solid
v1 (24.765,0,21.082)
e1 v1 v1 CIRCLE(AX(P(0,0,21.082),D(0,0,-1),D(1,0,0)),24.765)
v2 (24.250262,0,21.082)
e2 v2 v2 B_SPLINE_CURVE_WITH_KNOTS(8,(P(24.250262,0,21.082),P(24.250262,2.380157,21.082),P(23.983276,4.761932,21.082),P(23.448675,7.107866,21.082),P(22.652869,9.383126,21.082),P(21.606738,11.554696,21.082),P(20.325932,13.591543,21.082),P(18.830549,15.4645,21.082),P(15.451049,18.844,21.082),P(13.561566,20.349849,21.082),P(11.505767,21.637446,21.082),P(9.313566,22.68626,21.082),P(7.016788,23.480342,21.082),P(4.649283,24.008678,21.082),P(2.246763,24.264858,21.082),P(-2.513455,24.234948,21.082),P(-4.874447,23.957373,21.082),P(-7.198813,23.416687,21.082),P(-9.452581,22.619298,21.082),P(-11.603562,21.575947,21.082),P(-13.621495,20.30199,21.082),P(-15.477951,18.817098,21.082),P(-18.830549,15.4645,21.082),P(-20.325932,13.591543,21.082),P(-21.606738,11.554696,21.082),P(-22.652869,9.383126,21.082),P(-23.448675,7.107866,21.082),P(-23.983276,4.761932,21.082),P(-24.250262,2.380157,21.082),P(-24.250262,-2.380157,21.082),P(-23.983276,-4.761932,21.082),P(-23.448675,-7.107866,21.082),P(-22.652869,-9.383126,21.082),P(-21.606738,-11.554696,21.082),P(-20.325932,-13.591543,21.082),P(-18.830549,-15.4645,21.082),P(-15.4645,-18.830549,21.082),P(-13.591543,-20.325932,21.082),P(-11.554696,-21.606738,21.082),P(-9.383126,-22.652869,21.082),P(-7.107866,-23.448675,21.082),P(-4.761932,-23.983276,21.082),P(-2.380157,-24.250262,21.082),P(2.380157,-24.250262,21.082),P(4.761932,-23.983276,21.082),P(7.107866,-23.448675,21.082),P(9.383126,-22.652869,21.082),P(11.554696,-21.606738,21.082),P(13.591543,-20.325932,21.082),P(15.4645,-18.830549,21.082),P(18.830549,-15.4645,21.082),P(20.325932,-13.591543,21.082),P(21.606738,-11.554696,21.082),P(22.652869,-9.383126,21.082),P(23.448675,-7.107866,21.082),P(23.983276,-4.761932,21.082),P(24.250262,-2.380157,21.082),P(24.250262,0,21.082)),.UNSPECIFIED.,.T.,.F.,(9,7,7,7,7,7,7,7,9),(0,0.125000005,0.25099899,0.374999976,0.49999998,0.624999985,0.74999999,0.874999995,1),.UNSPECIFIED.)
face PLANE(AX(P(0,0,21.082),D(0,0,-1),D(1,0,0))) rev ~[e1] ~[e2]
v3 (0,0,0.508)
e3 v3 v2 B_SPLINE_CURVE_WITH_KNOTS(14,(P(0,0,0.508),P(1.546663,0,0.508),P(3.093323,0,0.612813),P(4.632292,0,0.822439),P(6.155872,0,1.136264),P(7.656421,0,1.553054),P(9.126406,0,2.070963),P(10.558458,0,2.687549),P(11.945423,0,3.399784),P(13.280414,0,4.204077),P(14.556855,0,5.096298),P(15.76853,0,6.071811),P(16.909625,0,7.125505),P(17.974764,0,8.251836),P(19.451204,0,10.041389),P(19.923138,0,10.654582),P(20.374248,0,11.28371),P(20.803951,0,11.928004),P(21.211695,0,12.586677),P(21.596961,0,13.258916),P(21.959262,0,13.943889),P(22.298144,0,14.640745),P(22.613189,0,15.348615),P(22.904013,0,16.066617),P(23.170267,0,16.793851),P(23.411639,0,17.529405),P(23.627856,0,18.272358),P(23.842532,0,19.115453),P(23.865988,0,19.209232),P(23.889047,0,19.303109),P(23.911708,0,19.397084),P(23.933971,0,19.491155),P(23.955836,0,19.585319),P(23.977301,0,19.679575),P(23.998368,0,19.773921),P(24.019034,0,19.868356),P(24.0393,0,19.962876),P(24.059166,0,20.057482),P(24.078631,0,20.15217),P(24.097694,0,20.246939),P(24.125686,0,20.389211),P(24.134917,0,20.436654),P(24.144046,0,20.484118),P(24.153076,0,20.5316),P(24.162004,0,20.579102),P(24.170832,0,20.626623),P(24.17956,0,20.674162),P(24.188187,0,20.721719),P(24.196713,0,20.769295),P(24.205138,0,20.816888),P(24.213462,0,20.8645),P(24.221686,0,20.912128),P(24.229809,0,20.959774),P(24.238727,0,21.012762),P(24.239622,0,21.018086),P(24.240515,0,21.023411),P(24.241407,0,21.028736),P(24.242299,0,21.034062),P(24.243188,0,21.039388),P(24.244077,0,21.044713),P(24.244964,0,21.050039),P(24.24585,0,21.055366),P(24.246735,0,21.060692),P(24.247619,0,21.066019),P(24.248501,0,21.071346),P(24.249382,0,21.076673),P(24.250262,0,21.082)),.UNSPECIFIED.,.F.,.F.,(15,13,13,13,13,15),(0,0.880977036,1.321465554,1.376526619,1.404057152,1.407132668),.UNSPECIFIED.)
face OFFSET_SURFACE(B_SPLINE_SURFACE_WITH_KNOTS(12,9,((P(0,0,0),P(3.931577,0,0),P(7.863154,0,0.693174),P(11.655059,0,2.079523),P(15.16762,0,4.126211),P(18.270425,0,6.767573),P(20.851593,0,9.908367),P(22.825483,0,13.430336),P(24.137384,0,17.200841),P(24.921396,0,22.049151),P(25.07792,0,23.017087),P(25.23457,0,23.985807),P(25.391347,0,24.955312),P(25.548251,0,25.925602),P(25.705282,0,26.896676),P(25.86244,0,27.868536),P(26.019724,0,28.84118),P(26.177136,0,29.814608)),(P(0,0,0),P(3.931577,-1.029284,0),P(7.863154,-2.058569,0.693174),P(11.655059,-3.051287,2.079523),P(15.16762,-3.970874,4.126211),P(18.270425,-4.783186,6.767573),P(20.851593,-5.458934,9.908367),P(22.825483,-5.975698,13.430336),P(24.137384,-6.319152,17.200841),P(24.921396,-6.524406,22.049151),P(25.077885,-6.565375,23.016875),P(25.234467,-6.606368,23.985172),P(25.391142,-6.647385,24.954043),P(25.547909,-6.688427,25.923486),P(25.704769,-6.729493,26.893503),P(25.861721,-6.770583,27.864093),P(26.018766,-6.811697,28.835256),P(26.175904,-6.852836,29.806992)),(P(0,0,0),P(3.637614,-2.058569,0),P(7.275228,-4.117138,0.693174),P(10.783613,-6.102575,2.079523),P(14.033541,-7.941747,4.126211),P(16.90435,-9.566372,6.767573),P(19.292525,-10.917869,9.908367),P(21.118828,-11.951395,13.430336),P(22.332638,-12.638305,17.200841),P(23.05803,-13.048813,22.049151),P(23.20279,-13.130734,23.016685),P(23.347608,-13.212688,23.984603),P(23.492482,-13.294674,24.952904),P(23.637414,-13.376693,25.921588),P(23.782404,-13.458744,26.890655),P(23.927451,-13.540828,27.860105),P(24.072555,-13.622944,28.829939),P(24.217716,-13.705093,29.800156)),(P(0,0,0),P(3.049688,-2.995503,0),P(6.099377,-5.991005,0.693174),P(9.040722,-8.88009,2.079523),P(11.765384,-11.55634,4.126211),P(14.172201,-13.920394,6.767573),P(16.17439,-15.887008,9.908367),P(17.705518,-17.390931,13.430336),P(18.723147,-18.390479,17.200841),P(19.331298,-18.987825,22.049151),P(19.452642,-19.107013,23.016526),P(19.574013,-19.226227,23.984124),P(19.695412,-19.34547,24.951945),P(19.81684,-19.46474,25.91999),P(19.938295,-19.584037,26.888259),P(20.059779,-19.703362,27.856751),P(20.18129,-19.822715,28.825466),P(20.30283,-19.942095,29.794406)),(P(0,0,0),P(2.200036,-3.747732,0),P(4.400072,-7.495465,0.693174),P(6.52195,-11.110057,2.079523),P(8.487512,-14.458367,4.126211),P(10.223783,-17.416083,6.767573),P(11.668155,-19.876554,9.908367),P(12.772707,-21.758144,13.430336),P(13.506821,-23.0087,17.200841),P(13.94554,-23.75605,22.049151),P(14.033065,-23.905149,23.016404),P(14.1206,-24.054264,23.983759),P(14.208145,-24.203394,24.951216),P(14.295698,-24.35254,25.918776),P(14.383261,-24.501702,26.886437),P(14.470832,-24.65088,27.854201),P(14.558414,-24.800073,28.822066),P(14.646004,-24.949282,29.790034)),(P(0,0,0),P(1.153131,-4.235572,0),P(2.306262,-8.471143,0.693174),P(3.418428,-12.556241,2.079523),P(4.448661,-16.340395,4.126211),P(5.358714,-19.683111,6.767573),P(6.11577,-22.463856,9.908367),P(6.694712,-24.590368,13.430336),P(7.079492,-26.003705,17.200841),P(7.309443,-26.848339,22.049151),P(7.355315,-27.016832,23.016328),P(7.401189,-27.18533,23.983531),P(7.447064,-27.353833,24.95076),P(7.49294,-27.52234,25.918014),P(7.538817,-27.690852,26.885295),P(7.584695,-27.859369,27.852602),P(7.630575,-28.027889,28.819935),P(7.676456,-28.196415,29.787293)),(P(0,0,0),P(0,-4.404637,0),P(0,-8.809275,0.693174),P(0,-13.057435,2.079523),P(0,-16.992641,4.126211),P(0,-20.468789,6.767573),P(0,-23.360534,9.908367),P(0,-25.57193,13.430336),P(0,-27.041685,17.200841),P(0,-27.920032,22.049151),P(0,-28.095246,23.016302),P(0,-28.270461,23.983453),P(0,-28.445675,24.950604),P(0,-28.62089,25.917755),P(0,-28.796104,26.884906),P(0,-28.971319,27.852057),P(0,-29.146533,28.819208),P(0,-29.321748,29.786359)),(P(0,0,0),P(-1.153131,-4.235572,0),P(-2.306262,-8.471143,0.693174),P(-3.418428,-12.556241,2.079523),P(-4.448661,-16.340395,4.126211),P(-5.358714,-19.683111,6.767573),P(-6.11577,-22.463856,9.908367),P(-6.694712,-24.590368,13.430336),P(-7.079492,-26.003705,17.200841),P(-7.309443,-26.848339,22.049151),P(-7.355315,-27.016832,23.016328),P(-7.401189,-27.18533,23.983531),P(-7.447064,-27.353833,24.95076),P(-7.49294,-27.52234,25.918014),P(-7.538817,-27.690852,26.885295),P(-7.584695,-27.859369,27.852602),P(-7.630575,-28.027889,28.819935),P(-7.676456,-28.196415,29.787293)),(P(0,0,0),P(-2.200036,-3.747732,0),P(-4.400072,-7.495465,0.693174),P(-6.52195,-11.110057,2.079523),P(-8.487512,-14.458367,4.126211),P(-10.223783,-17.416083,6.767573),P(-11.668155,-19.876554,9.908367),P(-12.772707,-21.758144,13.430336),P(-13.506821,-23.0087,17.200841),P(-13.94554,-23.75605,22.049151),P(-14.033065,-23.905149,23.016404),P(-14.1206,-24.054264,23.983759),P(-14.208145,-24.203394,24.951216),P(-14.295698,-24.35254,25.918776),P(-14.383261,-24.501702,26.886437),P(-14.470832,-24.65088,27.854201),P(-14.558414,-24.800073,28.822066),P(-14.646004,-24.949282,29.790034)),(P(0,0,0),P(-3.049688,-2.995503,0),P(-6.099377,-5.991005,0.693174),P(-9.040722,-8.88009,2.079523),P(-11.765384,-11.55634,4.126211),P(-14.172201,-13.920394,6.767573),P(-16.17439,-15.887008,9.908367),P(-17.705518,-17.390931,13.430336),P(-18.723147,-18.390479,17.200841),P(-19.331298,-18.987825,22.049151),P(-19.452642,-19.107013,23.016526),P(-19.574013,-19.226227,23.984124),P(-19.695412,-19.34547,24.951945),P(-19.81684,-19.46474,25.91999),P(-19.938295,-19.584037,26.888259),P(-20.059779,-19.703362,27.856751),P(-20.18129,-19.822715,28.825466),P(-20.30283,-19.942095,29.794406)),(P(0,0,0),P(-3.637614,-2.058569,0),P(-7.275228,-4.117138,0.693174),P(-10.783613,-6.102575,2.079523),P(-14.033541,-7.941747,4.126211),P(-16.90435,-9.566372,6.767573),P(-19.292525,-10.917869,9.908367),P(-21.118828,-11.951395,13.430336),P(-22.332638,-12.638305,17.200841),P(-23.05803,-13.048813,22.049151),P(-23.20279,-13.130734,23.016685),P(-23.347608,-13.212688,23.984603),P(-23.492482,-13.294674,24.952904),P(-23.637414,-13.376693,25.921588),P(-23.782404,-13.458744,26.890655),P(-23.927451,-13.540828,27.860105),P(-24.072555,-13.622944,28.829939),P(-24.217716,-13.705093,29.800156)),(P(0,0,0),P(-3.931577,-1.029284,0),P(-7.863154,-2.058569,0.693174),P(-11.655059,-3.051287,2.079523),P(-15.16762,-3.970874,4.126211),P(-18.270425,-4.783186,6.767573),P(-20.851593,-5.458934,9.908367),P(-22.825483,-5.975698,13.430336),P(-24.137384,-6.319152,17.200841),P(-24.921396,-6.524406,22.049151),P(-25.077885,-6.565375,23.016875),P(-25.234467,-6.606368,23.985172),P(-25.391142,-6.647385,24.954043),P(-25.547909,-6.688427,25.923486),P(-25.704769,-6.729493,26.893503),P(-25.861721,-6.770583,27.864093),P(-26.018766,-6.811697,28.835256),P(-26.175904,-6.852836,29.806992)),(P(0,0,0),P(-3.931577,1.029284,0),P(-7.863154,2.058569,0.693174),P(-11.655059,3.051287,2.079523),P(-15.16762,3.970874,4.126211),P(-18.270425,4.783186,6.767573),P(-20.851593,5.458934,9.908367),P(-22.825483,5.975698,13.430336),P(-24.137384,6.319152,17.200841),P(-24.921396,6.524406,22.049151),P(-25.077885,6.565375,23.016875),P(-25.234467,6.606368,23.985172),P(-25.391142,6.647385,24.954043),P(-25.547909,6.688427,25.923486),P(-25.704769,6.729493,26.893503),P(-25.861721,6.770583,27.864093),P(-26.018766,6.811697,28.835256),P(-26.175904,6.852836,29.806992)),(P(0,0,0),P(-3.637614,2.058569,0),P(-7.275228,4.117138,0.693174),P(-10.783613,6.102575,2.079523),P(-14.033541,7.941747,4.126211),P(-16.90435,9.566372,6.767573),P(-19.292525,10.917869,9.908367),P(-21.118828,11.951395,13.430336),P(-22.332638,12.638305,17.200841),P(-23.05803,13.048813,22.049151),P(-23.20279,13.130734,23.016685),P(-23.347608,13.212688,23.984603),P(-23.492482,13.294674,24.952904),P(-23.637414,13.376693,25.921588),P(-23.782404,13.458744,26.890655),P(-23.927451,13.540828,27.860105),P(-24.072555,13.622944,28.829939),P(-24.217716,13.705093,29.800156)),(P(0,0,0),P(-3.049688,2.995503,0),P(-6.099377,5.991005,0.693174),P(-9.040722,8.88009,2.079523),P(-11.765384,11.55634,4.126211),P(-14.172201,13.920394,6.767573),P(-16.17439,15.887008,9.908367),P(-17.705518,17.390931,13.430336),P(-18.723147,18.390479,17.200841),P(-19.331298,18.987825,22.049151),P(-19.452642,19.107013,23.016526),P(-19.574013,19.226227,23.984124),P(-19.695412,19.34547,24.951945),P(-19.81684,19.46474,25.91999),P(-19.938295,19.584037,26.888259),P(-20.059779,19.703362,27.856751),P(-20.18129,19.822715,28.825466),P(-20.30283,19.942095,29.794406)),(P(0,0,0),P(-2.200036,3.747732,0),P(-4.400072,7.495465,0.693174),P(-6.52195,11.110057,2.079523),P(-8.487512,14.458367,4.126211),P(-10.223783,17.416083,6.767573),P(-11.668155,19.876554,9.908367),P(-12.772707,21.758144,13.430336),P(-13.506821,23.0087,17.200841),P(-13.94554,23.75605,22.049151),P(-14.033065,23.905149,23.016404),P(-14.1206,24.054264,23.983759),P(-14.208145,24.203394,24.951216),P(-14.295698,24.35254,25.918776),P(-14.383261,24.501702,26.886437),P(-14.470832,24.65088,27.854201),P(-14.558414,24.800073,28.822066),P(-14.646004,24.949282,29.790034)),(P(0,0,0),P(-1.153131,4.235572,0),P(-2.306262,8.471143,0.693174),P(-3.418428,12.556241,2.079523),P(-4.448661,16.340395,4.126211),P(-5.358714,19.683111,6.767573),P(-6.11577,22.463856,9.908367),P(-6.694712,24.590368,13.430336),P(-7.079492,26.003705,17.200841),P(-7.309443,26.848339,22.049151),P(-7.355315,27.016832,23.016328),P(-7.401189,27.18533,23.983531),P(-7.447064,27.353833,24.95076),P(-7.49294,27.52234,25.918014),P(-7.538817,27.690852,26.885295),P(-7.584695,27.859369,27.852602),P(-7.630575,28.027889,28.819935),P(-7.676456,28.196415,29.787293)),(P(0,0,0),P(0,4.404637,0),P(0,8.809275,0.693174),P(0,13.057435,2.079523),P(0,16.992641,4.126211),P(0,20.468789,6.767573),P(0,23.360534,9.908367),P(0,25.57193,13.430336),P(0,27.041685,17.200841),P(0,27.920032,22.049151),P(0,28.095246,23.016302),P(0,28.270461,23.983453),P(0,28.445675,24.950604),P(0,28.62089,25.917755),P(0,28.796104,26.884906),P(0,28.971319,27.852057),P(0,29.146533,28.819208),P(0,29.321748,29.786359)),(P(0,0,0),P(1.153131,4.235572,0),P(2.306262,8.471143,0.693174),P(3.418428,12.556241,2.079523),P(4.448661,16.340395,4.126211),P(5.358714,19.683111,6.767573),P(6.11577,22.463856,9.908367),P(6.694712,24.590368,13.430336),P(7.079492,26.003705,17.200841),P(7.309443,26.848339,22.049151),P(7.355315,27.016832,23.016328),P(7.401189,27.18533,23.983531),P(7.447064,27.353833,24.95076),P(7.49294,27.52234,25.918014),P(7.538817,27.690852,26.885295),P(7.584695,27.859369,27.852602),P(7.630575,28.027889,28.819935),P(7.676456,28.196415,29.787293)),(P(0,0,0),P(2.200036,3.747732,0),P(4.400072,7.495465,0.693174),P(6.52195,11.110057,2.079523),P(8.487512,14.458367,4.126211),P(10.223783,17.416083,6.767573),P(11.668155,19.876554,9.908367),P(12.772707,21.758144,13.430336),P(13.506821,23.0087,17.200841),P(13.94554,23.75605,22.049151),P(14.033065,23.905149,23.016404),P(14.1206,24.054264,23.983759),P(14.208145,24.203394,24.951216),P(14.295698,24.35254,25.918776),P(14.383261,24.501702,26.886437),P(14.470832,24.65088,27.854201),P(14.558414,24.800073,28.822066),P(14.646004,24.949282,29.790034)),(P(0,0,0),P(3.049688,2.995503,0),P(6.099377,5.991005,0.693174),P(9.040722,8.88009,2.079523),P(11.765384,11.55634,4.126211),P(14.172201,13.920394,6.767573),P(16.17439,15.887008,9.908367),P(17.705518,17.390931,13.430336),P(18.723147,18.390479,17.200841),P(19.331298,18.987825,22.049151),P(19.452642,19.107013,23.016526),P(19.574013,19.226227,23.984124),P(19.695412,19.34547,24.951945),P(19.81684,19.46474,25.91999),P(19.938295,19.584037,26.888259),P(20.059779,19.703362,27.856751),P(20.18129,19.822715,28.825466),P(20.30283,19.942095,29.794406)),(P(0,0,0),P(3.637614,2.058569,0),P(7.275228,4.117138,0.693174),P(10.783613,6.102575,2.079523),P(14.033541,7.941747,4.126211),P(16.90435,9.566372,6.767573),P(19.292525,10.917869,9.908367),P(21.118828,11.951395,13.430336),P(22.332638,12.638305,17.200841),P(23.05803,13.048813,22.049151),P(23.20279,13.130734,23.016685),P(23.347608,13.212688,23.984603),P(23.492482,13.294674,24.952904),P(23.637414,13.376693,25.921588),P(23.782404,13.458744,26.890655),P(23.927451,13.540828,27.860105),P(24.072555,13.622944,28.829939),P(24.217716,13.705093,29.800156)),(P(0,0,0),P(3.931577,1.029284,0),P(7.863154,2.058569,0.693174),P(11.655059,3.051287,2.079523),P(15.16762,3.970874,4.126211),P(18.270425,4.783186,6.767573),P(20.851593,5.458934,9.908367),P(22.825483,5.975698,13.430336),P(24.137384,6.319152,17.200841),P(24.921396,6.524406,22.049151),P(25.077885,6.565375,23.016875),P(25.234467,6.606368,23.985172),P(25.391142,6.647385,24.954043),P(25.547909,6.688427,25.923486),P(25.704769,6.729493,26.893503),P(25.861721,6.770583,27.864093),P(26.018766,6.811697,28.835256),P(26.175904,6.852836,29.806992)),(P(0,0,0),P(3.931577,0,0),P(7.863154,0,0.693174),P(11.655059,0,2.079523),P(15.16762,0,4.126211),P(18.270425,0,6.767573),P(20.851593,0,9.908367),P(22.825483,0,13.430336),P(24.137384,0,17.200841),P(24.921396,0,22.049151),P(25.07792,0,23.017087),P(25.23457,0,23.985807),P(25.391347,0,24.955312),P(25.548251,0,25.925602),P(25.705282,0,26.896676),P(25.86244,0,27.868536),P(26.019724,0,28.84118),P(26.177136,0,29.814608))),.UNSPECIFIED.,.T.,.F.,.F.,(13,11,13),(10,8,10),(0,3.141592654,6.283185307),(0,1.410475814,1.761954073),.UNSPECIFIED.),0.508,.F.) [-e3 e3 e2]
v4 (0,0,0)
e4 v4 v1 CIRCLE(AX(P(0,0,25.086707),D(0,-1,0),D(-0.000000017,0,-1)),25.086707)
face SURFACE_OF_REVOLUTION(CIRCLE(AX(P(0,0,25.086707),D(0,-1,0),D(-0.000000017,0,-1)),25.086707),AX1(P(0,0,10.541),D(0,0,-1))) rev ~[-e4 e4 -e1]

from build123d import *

# Parameters (mm, degrees)
F2_T = -0.508


with BuildPart() as f1:
    # F0 (on Front) → F1 (revolve)
    with BuildSketch(Plane.XZ):
        with BuildLine():
            Line((24.765, 21.082), (0, 21.082))
            Line((0, 21.082), (0, 0))
            ThreePointArc((0, 0), (16.26158, 5.984249), (24.765, 21.082))
        make_face()
    revolve(axis=Axis((0, 0, 10.541), (0, 0, -1)))

    # F2
    f2_openings = [f1.faces().sort_by_distance(p)[0] for p in [
        (0, 0, 21.082),
    ]]
    offset(amount=F2_T, openings=f2_openings)


solid = f1.part
